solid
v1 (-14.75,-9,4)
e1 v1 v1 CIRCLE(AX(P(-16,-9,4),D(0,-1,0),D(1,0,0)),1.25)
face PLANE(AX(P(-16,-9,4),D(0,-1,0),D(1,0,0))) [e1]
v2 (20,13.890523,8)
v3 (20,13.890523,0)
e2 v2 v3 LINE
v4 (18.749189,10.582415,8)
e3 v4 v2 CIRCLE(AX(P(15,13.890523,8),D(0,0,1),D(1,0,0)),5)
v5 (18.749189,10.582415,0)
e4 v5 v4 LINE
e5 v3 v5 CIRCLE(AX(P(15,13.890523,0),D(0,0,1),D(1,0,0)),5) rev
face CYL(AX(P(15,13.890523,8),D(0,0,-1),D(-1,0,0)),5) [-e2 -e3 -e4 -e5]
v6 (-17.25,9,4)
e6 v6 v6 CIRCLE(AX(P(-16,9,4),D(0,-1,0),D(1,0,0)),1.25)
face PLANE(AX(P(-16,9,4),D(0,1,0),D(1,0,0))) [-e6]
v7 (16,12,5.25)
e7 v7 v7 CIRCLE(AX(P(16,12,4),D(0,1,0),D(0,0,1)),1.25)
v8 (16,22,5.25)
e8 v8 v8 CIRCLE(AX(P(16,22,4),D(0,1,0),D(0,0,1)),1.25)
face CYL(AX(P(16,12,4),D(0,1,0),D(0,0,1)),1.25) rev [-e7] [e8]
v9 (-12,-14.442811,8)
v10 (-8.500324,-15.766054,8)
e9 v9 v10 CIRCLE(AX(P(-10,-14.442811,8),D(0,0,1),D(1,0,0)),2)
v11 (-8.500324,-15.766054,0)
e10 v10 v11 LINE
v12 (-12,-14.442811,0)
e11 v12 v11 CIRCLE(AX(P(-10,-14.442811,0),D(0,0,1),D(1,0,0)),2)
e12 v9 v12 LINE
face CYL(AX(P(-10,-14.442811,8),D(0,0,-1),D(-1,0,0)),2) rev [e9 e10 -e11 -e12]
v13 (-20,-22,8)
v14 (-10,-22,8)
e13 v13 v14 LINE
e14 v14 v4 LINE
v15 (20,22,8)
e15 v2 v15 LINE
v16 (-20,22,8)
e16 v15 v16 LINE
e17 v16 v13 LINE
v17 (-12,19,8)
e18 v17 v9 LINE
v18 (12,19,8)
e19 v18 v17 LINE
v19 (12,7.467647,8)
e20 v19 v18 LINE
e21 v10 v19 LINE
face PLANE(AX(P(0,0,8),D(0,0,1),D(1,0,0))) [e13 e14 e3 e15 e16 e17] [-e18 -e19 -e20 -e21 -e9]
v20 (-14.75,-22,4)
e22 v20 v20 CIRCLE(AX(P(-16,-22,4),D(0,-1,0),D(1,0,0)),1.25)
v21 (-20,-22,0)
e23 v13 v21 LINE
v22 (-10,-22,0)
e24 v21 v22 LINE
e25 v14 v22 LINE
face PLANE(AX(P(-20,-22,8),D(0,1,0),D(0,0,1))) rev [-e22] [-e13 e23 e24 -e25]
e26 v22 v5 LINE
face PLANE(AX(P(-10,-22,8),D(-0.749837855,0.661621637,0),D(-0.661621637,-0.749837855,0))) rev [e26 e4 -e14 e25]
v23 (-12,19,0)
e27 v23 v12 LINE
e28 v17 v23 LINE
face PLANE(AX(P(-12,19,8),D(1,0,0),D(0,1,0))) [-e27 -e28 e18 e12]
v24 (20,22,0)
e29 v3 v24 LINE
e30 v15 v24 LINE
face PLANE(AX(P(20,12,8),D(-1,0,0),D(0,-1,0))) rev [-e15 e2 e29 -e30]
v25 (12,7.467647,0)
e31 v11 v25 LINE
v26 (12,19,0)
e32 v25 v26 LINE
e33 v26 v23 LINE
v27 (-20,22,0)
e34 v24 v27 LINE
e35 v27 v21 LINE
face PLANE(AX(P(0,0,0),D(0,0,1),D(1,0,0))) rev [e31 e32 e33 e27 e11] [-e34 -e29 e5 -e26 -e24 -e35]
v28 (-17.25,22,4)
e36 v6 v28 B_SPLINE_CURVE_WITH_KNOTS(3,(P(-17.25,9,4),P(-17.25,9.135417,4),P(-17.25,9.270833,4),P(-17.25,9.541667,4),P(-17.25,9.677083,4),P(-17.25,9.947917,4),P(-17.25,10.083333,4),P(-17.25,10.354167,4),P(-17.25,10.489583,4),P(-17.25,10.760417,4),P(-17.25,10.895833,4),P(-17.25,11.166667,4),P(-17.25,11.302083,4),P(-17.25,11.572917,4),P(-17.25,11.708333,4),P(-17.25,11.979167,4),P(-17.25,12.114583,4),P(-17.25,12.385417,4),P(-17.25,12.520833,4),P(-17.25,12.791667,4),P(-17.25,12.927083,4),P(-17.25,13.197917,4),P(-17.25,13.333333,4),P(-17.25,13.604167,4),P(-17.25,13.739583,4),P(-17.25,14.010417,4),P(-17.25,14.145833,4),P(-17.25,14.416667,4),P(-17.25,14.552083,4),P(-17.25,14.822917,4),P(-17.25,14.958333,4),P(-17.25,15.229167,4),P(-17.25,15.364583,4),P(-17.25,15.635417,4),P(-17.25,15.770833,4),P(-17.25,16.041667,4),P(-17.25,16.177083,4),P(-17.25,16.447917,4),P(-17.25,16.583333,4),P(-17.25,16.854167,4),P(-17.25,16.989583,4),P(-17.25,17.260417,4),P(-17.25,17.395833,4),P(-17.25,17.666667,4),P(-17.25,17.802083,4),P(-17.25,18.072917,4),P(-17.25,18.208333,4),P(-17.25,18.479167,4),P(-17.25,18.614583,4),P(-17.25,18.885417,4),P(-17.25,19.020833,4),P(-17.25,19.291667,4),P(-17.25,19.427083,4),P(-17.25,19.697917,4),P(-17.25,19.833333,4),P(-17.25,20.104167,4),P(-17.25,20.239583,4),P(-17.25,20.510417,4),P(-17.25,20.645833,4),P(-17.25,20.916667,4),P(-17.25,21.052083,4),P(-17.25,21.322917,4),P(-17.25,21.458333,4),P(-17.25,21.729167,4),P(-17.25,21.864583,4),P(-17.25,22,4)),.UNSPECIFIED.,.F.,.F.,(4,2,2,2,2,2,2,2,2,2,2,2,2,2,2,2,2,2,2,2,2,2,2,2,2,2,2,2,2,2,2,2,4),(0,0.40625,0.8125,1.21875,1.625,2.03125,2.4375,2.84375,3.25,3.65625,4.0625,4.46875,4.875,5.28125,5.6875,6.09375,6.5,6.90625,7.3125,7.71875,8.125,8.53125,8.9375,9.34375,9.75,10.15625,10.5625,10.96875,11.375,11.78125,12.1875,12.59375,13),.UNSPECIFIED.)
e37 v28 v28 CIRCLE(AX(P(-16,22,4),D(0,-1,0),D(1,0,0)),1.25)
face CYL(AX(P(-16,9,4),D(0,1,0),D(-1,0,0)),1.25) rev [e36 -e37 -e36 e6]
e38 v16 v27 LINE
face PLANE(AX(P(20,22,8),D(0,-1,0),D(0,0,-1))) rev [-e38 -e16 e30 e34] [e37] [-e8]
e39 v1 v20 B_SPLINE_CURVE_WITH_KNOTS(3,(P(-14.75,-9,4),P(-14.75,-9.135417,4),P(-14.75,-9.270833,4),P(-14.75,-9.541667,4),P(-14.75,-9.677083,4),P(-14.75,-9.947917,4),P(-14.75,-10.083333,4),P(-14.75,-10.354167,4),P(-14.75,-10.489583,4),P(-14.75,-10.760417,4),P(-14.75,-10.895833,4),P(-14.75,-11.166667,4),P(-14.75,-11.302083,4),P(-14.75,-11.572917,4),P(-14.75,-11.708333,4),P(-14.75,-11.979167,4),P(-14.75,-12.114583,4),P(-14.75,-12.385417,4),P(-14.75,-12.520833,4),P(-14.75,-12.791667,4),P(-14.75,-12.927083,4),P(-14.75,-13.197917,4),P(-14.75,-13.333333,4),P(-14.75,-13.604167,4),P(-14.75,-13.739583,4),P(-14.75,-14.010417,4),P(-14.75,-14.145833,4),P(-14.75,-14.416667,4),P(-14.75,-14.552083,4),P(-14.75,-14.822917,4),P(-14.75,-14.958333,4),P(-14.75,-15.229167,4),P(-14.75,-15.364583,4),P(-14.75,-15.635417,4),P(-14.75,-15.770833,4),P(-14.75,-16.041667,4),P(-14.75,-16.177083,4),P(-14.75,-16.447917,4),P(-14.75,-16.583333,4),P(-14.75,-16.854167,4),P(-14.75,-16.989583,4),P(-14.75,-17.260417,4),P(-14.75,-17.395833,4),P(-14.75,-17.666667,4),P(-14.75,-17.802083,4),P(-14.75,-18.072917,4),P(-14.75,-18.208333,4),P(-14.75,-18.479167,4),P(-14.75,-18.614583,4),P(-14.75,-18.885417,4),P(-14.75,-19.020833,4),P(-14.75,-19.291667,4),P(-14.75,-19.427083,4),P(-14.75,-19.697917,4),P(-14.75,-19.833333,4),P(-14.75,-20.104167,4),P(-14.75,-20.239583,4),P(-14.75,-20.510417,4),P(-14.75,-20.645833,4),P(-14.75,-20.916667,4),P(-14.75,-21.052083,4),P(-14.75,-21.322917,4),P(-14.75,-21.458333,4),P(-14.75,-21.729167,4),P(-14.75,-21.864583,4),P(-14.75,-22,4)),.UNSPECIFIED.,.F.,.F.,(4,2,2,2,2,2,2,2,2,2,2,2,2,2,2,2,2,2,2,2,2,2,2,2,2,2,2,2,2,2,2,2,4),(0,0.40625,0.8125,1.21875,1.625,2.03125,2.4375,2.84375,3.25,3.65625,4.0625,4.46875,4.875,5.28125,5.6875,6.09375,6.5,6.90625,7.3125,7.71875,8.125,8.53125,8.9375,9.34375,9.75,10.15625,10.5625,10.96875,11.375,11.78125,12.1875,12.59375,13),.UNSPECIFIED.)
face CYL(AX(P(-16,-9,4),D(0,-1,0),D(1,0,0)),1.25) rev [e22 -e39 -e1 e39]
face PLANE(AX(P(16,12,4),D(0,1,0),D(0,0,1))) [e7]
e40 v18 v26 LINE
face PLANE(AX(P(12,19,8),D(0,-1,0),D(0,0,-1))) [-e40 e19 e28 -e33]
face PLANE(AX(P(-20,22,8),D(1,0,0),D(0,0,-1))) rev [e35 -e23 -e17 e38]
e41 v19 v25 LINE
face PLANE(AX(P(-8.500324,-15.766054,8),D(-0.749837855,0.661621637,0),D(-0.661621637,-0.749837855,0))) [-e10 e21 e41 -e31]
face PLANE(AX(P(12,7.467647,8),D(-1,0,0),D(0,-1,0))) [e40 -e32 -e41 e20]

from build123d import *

# Parameters (mm, degrees)
EXTRUDE_958_DEPTH      = 8
SKETCH_5_R             = 1.25
CUT_EXTRUDE_1488_DEPTH = 13
SKETCH_6_R             = 1.25
CUT_EXTRUDE_1665_DEPTH = 10
FILLET_2_R             = 5


with BuildPart() as part:
    # Эскиз1 → Extrude 958 (new body)
    with BuildSketch(Plane.XY):
        Polygon((-20, 22), (-20, -22), (-10, -22), (20, 12), (20, 22), align=None)
        with BuildLine():
            Line((-12, 19), (-12, -14.442810634))
            ThreePointArc((-12, -14.442810634), (-10.707336051, -16.313552656), (-8.500324289, -15.766053908))
            Line((-8.500324289, -15.766053908), (12, 7.467646953))
            Line((12, 7.467646953), (12, 19))
            Line((12, 19), (-12, 19))
        make_face(mode=Mode.SUBTRACT)
    extrude(amount=EXTRUDE_958_DEPTH)

    # Эскиз5 → Cut-Extrude 1488 (cut)
    with BuildSketch(Plane.XZ.offset(22)):
        with Locations((-16, 4)):
            Circle(SKETCH_5_R)
    cut_extrude_1488 = extrude(amount=-CUT_EXTRUDE_1488_DEPTH, mode=Mode.SUBTRACT)

    # Эскиз6 → Cut-Extrude 1665 (cut)
    with BuildSketch(Plane(origin=(0, 22, 0), x_dir=(1, 0, 0), z_dir=(0, 1, 0))):
        with Locations(Location((16, -4, 0), (0, 0, 270))):
            Circle(SKETCH_6_R)
    extrude(amount=-CUT_EXTRUDE_1665_DEPTH, mode=Mode.SUBTRACT)

    # Скругление2
    fillet_2_edges = [part.edges().sort_by_distance(p)[0] for p in [
        (20, 12, 4),
    ]]
    fillet(fillet_2_edges, radius=FILLET_2_R)

    # Зеркальное отражение1: Cut-Extrude 1488 across plane
    add(cut_extrude_1488.mirror(Plane.ZX), mode=Mode.SUBTRACT)


solid = part.part
